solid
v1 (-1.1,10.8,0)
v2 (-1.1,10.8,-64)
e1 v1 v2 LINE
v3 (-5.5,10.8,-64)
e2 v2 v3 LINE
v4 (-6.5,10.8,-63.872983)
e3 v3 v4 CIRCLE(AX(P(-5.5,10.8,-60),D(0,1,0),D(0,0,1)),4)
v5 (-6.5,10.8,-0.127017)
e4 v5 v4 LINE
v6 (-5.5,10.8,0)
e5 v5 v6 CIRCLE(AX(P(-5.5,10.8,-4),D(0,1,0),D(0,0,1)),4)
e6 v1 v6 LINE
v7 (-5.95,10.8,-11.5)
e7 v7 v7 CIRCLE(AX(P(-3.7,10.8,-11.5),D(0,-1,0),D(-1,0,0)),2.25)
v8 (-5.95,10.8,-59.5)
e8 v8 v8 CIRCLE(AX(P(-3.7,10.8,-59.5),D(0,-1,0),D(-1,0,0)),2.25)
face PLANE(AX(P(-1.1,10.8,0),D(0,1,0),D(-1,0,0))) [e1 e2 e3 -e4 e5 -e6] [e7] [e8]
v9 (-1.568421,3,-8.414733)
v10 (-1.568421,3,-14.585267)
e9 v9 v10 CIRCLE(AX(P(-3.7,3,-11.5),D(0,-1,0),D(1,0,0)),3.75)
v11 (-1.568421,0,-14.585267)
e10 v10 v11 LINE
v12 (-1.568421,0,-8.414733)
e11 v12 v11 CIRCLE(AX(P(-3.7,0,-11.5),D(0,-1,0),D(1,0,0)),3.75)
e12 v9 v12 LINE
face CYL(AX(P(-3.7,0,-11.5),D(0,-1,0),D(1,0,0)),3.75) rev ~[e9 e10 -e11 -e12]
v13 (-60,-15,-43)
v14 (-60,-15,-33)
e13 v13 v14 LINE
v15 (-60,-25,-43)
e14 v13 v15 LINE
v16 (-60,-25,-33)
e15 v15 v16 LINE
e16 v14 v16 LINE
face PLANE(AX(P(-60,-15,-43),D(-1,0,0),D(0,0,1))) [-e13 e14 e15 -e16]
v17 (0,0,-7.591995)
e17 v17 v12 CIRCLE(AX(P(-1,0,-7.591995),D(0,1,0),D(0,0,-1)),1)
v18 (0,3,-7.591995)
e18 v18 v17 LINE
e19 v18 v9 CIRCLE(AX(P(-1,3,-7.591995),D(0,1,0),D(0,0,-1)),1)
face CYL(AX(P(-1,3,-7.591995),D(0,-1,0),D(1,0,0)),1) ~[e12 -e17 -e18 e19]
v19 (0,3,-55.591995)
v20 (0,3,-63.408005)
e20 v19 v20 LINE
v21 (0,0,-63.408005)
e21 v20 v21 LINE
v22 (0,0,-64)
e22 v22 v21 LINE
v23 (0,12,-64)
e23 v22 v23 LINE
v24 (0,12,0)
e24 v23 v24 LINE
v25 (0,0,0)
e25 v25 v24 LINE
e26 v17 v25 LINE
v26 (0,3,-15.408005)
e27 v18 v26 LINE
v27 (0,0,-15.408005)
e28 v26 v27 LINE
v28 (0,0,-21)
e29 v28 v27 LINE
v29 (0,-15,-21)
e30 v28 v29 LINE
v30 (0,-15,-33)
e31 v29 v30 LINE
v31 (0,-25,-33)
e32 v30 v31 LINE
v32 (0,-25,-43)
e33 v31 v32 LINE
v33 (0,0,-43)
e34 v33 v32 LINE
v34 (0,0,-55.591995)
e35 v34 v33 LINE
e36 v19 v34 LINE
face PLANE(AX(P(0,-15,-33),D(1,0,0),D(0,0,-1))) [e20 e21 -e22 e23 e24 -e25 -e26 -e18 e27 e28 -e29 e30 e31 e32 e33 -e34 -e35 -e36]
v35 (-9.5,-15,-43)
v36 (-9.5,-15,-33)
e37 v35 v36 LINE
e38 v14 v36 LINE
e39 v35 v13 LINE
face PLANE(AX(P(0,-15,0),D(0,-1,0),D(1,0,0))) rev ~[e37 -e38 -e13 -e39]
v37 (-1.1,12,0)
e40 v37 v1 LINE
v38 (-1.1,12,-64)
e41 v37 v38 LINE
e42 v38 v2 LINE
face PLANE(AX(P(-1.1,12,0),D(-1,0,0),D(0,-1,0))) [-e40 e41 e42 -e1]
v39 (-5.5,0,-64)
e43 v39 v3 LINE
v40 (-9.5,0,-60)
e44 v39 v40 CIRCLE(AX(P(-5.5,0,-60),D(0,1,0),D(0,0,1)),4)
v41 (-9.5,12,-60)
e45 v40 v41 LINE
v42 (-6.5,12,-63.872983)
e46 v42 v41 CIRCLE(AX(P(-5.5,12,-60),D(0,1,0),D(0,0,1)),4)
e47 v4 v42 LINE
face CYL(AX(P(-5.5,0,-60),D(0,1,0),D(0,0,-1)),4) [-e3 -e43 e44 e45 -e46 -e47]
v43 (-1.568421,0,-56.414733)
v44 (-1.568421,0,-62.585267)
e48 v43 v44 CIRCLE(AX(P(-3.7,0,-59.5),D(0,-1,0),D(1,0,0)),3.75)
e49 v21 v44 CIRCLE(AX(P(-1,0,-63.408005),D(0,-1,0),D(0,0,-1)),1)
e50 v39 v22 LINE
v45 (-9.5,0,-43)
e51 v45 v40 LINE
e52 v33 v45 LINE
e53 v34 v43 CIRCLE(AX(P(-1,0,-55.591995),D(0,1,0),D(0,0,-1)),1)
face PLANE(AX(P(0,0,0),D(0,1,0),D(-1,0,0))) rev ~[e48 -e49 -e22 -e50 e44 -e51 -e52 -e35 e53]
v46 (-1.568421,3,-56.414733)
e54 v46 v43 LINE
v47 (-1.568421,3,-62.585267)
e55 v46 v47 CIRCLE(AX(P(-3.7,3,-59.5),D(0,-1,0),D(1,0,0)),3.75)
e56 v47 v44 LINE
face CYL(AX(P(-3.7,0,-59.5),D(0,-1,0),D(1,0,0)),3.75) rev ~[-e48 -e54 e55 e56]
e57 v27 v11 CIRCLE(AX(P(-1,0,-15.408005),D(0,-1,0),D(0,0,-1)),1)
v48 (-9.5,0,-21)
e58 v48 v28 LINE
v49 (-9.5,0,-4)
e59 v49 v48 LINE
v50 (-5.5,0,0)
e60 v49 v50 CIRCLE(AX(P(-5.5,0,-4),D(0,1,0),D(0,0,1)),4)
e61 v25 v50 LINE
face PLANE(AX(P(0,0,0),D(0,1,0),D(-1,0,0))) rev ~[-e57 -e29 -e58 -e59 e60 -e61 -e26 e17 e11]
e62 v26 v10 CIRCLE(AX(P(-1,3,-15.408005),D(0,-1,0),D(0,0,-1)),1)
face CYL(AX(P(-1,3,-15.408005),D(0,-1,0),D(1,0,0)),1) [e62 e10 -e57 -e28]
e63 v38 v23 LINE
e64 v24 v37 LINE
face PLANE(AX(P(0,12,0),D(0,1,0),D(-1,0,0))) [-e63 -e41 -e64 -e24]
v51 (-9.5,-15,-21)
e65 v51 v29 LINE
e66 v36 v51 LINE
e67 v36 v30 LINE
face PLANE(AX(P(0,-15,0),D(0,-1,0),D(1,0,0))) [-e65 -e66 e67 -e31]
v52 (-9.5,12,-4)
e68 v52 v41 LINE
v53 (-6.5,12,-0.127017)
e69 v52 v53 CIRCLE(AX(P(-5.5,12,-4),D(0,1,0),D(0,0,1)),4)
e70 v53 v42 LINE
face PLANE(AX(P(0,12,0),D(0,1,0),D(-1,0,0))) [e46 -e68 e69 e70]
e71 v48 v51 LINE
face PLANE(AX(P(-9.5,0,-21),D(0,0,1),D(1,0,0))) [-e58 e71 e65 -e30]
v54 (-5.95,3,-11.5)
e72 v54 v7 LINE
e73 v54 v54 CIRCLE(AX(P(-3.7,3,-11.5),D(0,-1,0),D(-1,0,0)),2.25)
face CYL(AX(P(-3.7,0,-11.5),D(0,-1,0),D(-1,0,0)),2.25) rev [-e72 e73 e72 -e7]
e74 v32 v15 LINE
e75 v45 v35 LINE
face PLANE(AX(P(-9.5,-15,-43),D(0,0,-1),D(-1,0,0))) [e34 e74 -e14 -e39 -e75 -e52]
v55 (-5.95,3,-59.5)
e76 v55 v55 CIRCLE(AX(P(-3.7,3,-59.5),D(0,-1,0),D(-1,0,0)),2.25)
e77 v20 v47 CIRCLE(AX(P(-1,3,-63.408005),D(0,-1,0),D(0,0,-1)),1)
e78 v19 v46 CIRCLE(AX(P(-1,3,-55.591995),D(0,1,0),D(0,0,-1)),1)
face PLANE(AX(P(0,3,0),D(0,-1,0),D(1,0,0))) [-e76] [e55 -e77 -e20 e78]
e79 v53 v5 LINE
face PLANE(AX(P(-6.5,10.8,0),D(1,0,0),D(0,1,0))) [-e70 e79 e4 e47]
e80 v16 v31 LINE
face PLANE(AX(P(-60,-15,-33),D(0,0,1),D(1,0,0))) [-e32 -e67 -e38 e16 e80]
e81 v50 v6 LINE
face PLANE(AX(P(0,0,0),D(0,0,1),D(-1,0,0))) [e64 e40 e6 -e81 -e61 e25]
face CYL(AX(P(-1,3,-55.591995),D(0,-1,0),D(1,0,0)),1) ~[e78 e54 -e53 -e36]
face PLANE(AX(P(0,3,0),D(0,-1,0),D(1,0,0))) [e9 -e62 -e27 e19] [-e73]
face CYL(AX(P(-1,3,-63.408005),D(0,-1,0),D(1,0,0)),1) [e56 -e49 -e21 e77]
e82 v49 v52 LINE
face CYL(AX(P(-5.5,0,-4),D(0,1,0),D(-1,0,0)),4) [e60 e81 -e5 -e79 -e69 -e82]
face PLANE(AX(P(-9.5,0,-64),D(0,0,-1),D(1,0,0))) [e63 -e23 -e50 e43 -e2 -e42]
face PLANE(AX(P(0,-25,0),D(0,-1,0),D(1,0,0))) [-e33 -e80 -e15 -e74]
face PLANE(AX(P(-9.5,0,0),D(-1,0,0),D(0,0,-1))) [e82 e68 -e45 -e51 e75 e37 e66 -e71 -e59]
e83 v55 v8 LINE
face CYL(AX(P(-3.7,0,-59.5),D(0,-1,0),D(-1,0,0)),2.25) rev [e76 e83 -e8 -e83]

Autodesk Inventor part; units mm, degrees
ref_plane "YZ Plane" through (0, 0, 0) normal (1, 0, 0) x (0, 1, 0)
ref_plane "XZ Plane" through (0, 0, 0) normal (0, 1, 0) x (-1, 0, 0)
ref_plane "XY Plane" through (0, 0, 0) normal (0, 0, 1) x (1, 0, 0)
sketch "Sketch1" plane through (0, 0, 0) normal (0, 1, 0) x (-1, 0, 0)
  line L0 (0, 0) -> (9.5, 0)
  line L1 (9.5, 0) -> (9.5, -64)
  line L2 (9.5, -64) -> (0, -64)
  line L3 (0, -64) -> (0, 0)
  circle A0 centre (3.7, -11.5) radius 2.25
  circle A1 centre (3.7, -59.5) radius 2.25
  line L4 (3.7, -11.5) -> (3.7, -59.5) construction
  dimension "d1" = 9.5
  dimension "d2" = 64
  dimension "d3" = 4.5
  dimension "d4" = 48
  dimension "d6" = 3.7
  dimension "d17" = 4.5
extrude "Extrusion1" add sketch "Sketch1" along normal blind 12
sketch "Sketch2" plane through (-9.5, 0, 0) normal (0, 0, 1) x (1, 0, 0)
  line L0 (9.5, 12) -> (0, 12) projected
  line L1 (3, 12) -> (8.4, 12)
  line L2 (8.4, 12) -> (8.4, 10.8)
  line L3 (8.4, 10.8) -> (3, 10.8)
  line L4 (3, 10.8) -> (3, 12)
  line L5 (9.5, 0) -> (9.5, 12) projected
  line L6 (3.55, 0) -> (8.05, 0) projected
  line L7 (3.55, 12) -> (8.05, 12) projected
  line L8 (9.5, 0) -> (9.5, 12) projected
  line L9 (9.5, 0) -> (9.5, 12) projected
  line L10 (3.55, 12) -> (8.05, 12) projected
  line L11 (3.55, 12) -> (3.55, 0) projected
  line L12 (3.55, 12) -> (8.05, 12) projected
  line L13 (3.55, 0) -> (8.05, 0) projected
  line L14 (3.55, 12) -> (8.05, 12) projected
  line L15 (3.55, 0) -> (8.05, 0) projected
  line L16 (3.55, 12) -> (8.05, 12) projected
  line L17 (3.55, 0) -> (8.05, 0) projected
  dimension "d9" = 1.1
  dimension "d10" = 5.4
  dimension "d11" = 1.2
  dimension "d76" = 12
extrude "Extrusion2" cut sketch "Sketch2" against normal up to next
sketch "Sketch3" plane through (0, 0, 0) normal (0, -1, 0) x (1, 0, 0)
  circle A0 centre (-3.7, -11.5) radius 2.25 projected
  circle A1 centre (-3.7, -11.5) radius 3.75
  circle A2 centre (-3.7, -59.5) radius 2.25 projected
  circle A3 centre (-3.7, -59.5) radius 3.75
  point P0 (0, 0)
  dimension "d14" = 7.5
extrude "Extrusion3" cut sketch "Sketch3" against normal blind 3
fillet "Fillet1" radius 1 4 edges at (0, 1.5, -58.8897) (0, 1.5, -60.1103) (0, 1.5, -10.8897) (0, 1.5, -12.1103)
fillet "Fillet2" radius 4 2 edges at (-9.5, 6, -64) (-9.5, 6, 0)
sketch "Sketch15" plane through (0, 0, 0) normal (0, -1, 0) x (1, 0, 0)
  line L0 (0, 0) -> (0, -7.592) projected
  line L1 (-9.5, -32) -> (-9.5, -21)
  line L2 (-9.5, -21) -> (0, -21)
  line L3 (0, -21) -> (0, -43)
  line L4 (0, -43) -> (-9.5, -43)
  line L5 (-9.5, -43) -> (-9.5, -32)
  dimension "d79" = 11
  dimension "d80" = 22
extrude "Extrusion15" add sketch "Sketch15" along normal blind 15
sketch "Sketch16" plane through (0, -15, 0) normal (0, -1, 0) x (1, 0, 0)
  line L0 (-9.5, -43) -> (0, -43) projected
  line L1 (0, -43) -> (-60, -43)
  line L2 (-60, -43) -> (-60, -33)
  line L3 (-60, -33) -> (0, -33)
  line L4 (0, -33) -> (0, -43)
  point P0 (0, 0)
  dimension "d83" = 60
  dimension "d84" = 10
  dimension "d85" = 60
extrude "Extrusion16" add sketch "Sketch16" along normal blind 10
properties part number "Back_base"
